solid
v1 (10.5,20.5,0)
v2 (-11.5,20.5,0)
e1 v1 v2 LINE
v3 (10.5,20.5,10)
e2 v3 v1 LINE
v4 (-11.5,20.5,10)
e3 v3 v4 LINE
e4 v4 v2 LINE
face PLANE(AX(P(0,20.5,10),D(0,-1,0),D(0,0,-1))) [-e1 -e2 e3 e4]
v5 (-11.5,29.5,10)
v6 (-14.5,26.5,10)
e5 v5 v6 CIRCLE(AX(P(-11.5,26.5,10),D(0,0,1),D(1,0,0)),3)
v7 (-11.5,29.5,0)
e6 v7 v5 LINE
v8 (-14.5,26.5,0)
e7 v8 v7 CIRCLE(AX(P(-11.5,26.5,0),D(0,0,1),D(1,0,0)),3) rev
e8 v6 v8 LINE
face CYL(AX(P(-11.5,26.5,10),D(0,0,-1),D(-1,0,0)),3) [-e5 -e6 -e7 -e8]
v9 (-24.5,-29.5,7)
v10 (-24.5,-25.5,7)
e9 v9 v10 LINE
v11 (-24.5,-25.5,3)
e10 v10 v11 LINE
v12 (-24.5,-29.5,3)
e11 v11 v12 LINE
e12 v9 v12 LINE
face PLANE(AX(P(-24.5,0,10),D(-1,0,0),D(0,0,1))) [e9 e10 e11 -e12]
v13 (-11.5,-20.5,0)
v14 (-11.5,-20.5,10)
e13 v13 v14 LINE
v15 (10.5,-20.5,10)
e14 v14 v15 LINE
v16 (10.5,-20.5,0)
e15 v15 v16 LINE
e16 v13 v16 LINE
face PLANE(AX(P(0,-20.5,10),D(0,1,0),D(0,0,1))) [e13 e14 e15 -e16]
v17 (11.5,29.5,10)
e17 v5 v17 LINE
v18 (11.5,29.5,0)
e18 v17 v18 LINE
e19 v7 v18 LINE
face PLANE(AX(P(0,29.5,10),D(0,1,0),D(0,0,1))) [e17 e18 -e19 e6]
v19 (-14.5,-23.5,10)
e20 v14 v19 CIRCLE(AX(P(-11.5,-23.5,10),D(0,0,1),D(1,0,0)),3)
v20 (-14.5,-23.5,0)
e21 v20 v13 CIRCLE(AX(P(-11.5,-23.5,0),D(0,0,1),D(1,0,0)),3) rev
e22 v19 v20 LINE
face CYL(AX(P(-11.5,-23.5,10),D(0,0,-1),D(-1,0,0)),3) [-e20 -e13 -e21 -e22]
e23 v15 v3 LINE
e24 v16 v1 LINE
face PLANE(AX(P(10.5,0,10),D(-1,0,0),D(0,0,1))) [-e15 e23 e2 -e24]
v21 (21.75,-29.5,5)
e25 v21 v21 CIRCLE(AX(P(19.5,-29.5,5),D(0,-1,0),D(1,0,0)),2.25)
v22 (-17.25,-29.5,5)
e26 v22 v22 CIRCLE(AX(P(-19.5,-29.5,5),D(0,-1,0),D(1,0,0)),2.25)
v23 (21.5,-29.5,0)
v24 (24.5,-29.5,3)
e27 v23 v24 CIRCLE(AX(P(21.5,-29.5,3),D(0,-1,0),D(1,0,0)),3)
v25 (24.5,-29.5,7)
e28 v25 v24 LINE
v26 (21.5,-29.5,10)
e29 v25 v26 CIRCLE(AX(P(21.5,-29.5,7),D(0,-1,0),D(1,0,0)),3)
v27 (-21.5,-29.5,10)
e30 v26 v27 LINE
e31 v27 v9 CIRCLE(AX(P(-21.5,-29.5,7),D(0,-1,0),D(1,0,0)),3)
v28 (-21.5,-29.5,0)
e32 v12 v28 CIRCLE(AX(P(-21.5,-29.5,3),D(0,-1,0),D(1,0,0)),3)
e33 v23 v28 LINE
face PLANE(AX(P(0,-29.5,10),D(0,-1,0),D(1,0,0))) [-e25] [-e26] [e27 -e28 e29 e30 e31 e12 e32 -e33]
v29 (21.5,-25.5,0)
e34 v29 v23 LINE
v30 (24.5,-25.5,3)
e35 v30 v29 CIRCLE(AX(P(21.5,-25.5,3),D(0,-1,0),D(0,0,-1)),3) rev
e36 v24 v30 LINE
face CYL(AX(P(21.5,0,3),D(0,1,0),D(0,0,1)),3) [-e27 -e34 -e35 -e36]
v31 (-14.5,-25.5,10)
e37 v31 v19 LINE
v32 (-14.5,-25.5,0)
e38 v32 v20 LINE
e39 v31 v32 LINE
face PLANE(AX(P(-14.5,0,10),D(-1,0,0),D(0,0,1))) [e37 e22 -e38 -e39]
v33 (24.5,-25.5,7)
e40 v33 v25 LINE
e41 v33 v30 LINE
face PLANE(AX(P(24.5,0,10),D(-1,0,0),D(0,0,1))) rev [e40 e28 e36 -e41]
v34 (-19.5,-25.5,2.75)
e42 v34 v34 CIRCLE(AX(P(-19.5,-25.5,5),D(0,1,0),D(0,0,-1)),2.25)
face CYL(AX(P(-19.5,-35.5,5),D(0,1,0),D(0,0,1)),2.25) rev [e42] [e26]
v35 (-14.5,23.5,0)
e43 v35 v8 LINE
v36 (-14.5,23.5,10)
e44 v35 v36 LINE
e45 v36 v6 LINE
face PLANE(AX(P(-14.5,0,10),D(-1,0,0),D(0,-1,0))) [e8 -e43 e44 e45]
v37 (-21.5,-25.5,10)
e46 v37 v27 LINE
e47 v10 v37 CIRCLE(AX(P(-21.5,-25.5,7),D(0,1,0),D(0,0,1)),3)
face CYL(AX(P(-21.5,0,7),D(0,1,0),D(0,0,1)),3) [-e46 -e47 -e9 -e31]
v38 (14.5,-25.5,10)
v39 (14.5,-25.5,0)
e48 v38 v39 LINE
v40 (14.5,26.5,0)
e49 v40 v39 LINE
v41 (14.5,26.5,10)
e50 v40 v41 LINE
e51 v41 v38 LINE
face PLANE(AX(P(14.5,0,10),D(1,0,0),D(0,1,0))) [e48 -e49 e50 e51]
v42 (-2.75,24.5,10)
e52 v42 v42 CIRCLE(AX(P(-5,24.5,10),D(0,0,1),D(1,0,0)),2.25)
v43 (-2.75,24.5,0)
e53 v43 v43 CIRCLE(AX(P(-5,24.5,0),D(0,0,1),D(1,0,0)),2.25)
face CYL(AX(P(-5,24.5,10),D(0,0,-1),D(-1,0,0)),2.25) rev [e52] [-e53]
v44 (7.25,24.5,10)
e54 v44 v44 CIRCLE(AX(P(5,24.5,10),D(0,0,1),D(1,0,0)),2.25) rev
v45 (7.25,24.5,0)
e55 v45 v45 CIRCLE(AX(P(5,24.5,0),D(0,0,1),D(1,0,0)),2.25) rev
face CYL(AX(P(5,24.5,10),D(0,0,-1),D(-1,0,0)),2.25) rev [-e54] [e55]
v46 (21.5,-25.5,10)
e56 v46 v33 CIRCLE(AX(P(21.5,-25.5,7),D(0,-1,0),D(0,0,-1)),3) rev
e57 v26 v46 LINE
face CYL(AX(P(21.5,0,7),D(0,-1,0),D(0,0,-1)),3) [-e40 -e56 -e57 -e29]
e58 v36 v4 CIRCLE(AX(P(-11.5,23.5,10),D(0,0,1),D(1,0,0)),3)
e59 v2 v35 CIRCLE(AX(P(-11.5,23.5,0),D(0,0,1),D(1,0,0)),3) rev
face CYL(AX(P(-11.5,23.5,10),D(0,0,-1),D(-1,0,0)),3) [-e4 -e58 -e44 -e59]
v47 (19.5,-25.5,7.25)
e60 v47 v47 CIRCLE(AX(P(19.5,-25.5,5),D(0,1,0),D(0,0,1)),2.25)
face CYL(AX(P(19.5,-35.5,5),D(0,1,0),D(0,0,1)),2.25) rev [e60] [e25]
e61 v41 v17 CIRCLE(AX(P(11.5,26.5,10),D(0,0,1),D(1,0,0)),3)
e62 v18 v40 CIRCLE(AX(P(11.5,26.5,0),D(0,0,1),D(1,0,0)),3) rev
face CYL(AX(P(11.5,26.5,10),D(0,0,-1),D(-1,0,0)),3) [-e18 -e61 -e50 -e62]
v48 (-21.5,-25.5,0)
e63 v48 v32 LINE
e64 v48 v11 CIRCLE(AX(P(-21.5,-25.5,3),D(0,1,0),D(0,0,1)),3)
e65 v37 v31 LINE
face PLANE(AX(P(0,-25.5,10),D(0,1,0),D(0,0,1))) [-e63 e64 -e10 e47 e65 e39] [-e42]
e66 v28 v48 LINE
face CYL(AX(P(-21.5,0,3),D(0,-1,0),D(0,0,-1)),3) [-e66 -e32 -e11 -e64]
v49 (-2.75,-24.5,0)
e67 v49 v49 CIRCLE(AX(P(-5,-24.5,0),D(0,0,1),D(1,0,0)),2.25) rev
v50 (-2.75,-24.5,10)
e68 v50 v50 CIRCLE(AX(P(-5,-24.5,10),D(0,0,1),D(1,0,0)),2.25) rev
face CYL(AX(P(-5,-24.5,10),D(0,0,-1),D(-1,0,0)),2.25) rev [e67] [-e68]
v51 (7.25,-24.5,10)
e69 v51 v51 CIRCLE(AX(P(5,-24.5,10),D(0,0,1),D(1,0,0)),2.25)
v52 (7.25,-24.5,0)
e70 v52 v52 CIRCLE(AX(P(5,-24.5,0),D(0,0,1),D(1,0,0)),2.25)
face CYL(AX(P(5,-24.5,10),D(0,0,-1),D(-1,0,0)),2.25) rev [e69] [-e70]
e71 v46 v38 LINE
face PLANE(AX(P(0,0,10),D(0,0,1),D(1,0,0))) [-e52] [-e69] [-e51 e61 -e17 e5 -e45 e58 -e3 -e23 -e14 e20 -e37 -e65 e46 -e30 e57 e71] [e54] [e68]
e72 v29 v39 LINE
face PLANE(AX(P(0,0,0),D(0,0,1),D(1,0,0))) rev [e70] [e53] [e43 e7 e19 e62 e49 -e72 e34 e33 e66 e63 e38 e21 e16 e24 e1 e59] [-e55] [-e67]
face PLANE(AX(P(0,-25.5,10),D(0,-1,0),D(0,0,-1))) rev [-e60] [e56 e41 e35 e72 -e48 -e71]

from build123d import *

# Parameters (mm, degrees)
SKETCH_1_W          = 10
SKETCH_1_H          = 4
SKETCH_1_R          = 2.25
EXTRUDE_1_DEPTH     = 10
SKETCH_2_R          = 2.25
CUT_EXTRUDE_1_DEPTH = 10
FILLET_1_R          = 3


with BuildPart() as part:
    # 草图1 → 凸台-拉伸1 (new body)
    with BuildSketch(Plane.XY):
        with Locations((-19.5, -27.5)):
            Rectangle(SKETCH_1_W, SKETCH_1_H)
        Polygon((-14.5, -20.5), (-10.5, -20.5), (10.5, -20.5), (10.5, 20.5), (-10.5, 20.5), (-14.5, 20.5), (-14.5, 29.5), (14.5, 29.5), (14.5, -29.5), (-14.5, -29.5), align=None)
        with Locations((5, 24.5)):
            Circle(SKETCH_1_R, mode=Mode.SUBTRACT)
        with Locations((-5, 24.5)):
            Circle(SKETCH_1_R, mode=Mode.SUBTRACT)
        with Locations((5, -24.5)):
            Circle(SKETCH_1_R, mode=Mode.SUBTRACT)
        with Locations((-5, -24.5)):
            Circle(SKETCH_1_R, mode=Mode.SUBTRACT)
        with Locations((19.5, -27.5)):
            Rectangle(SKETCH_1_W, SKETCH_1_H)
    extrude(amount=EXTRUDE_1_DEPTH)

    # 草图2 → 切除-拉伸1 (cut)
    with BuildSketch(Plane(origin=(0, -25.5, 0), x_dir=(1, 0, 0), z_dir=(0, 1, 0))):
        with Locations((19.5, -5)):
            Circle(SKETCH_2_R)
        with Locations((-19.5, -5)):
            Circle(SKETCH_2_R)
    extrude(amount=-CUT_EXTRUDE_1_DEPTH, mode=Mode.SUBTRACT)

    # 圆角1
    fillet_1_edges = [part.edges().sort_by_distance(p)[0] for p in [
        (-24.5, -27.5, 10),
        (24.5, -27.5, 0),
        (24.5, -27.5, 10),
        (-24.5, -27.5, 0),
        (-14.5, -20.5, 5),
        (-14.5, 20.5, 5),
        (-14.5, 29.5, 5),
        (14.5, 29.5, 5),
    ]]
    fillet(fillet_1_edges, radius=FILLET_1_R)


solid = part.part
